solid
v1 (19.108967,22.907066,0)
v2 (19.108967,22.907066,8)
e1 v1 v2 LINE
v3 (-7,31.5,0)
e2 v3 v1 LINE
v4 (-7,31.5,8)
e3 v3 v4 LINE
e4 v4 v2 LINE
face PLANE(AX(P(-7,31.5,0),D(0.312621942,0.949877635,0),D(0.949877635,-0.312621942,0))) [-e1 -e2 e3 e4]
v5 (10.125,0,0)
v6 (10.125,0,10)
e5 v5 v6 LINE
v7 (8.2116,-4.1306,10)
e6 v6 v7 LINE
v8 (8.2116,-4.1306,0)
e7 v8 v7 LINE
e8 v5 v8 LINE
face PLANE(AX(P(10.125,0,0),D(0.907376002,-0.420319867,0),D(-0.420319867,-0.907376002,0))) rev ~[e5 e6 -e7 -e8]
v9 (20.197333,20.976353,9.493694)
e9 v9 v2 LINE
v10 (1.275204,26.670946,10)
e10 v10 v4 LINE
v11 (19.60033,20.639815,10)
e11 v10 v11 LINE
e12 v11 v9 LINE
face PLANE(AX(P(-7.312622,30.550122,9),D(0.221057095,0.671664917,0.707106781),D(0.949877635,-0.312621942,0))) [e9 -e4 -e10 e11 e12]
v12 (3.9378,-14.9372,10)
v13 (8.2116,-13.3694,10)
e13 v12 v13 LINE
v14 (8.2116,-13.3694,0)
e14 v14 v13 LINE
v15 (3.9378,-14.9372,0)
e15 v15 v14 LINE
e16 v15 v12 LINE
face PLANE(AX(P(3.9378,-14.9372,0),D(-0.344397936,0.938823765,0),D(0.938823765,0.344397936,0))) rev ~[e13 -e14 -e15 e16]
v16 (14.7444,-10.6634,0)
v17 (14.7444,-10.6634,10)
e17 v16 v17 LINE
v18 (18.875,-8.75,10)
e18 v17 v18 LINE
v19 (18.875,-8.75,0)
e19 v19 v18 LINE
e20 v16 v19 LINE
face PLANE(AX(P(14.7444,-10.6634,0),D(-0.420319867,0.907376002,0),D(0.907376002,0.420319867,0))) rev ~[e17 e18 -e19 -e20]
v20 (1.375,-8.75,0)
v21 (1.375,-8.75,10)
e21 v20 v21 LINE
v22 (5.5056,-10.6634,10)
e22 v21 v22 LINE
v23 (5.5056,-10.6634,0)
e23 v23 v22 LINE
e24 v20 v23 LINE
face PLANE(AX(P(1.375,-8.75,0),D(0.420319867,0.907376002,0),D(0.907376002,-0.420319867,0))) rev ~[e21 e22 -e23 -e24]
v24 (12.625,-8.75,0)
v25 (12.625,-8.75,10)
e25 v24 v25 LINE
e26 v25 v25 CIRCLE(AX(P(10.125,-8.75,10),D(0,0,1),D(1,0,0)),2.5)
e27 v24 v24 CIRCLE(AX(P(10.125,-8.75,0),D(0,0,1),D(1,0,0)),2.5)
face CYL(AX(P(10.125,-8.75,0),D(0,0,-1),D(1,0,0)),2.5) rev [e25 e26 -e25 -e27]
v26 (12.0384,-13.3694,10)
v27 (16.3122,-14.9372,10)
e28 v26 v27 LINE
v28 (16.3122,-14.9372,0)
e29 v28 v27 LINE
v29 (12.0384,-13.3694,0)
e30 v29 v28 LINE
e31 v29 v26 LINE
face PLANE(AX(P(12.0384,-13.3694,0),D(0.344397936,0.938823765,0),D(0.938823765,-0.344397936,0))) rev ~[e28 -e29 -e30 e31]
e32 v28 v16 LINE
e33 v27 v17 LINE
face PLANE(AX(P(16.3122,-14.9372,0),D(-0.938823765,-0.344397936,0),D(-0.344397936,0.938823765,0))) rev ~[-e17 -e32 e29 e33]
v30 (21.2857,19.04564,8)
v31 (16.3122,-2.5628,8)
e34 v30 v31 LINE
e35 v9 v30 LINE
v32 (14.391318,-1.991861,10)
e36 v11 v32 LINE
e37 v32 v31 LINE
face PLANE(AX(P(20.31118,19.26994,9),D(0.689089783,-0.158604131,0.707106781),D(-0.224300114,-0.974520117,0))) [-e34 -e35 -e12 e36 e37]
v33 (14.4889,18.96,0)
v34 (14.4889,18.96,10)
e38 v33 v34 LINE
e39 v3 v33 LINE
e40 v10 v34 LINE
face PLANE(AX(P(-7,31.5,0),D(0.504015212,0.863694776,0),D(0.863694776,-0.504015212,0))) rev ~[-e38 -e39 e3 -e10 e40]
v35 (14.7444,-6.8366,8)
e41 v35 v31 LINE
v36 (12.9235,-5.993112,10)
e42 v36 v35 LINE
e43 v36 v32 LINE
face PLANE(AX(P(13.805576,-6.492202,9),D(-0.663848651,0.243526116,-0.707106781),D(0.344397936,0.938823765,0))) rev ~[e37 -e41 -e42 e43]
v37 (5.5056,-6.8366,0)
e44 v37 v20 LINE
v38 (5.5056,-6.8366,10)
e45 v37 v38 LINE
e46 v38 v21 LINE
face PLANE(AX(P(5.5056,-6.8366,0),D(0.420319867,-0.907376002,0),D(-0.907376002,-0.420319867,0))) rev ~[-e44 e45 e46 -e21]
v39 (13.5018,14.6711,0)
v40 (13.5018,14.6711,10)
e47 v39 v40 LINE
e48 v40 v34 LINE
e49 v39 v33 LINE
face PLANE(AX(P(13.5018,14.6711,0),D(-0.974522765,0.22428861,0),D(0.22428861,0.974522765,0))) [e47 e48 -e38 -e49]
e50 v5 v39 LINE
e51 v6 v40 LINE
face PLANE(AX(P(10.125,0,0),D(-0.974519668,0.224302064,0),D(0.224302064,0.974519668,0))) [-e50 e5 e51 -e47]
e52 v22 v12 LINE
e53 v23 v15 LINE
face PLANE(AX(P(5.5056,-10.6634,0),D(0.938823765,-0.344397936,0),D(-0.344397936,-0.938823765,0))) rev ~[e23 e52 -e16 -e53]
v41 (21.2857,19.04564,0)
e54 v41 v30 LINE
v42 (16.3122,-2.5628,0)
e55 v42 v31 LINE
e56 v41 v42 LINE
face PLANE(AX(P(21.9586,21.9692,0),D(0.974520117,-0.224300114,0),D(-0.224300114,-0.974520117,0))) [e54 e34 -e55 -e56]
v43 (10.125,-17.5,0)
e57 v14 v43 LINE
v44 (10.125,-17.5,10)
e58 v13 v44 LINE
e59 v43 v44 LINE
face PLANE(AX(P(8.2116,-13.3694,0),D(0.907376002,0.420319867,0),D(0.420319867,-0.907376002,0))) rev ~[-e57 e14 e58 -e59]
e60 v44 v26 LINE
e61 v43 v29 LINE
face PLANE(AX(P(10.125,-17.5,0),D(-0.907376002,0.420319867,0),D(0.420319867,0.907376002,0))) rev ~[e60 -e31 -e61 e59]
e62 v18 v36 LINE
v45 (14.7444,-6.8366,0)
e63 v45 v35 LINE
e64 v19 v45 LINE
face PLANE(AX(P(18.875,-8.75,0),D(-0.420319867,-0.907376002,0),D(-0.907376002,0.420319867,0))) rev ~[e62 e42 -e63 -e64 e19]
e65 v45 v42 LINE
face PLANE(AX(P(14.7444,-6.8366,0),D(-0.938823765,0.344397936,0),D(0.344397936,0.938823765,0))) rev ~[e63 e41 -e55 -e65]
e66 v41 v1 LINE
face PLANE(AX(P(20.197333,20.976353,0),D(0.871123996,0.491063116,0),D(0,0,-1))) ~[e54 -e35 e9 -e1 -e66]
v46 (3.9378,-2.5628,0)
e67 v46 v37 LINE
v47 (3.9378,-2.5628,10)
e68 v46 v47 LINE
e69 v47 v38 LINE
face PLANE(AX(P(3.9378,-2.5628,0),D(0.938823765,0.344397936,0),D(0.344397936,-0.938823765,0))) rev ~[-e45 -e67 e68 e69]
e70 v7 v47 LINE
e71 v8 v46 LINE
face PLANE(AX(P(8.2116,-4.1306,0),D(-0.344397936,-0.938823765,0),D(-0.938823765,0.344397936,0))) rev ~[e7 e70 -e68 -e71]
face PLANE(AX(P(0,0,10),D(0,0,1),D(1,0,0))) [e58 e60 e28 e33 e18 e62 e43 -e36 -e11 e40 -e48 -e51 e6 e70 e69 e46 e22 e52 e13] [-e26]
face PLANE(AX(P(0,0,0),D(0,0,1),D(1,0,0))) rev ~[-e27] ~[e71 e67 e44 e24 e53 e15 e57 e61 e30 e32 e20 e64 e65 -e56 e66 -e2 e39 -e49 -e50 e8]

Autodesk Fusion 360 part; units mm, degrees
sketch "Sketch1" plane through (0, 0, 0) normal (0, 0, 1) x (1, 0, 0)
  line L0 (29.7102, -20.9929) -> (0, -20.9929)
  line L1 (-7, 31.5) -> (20.239, 31.5)
  line L2 (20.239, 31.5) -> (29.7102, -20.9929)
  line L3 (-7, 31.5) -> (0, -20.9929)
  line L4 (3.9378, -2.5628) -> (1.375, -8.75)
  line L5 (1.375, -8.75) -> (3.9378, -14.9372)
  line L6 (3.9378, -14.9372) -> (10.125, -17.5)
  line L7 (10.125, -17.5) -> (16.3122, -14.9372)
  line L8 (16.3122, -14.9372) -> (18.875, -8.75)
  line L9 (18.875, -8.75) -> (16.3122, -2.5628)
  line L10 (16.3122, -2.5628) -> (10.125, 0)
  line L11 (15.1989, 4.3652) -> (15.1875, 4.3554)
  line L12 (-7, 31.5) -> (14.4889, 18.96)
  line L13 (-7, 31.5) -> (21.9586, 21.9692)
  line L14 (21.9586, 21.9692) -> (16.3122, -2.5628)
  line L15 (10.125, 0) -> (13.5018, 14.6711)
  line L16 (10.125, 0) -> (3.9378, -2.5628)
  circle A0 centre (10.125, -8.75) radius 2.5
  circle A1 centre (10.125, -8.75) radius 5
  line L17 (7.0314, -1.2814) -> (10.125, -8.75) construction
  line L18 (10.125, 0) -> (8.2116, -4.1306)
  line L19 (8.2116, -4.1306) -> (3.9378, -2.5628)
  line L20 (3.9378, -2.5628) -> (5.5056, -6.8366)
  line L21 (5.5056, -6.8366) -> (1.375, -8.75)
  line L22 (1.375, -8.75) -> (5.5056, -10.6634)
  line L23 (5.5056, -10.6634) -> (3.9378, -14.9372)
  line L24 (3.9378, -14.9372) -> (8.2116, -13.3694)
  line L25 (8.2116, -13.3694) -> (10.125, -17.5)
  line L26 (10.125, -17.5) -> (12.0384, -13.3694)
  line L27 (12.0384, -13.3694) -> (16.3122, -14.9372)
  line L28 (16.3122, -14.9372) -> (14.7444, -10.6634)
  line L29 (14.7444, -10.6634) -> (18.875, -8.75)
  line L30 (18.875, -8.75) -> (14.7444, -6.8366)
  line L31 (14.7444, -6.8366) -> (16.3122, -2.5628)
  line L32 (16.3122, -2.5628) -> (12.0384, -4.1306)
  line L33 (12.0384, -4.1306) -> (10.125, 0)
  line L34 (13.5018, 14.6711) -> (14.4889, 18.96)
  point P0 (10.125, -8.75)
  dimension "d3" = 5
  dimension "d4" = 10
  dimension "d6" = 360
extrude "Extrude1" add sketch "Sketch1" along normal blind 10 contours L10 L12 L13 L14 L15 L34 | L10 L32 L33 | A1 L31 L32 | A1 L29 L30 | A1 L18 L33 | A1 | A1 L27 L28 | A1 L19 L20 | A1 L25 L26 | A1 L21 L22 | A1 L23 L24
chamfer "Chamfer1" distance 3 angle 45 1 edges at (21.9586, 21.9692, 5)
chamfer "Chamfer2" distance 2 angle 45 1 edges at (6.0545, 27.2035, 10)
chamfer "Chamfer3" distance 2 angle 45 2 edges at (15.5283, -4.6997, 10) (18.7989, 8.2414, 10)
